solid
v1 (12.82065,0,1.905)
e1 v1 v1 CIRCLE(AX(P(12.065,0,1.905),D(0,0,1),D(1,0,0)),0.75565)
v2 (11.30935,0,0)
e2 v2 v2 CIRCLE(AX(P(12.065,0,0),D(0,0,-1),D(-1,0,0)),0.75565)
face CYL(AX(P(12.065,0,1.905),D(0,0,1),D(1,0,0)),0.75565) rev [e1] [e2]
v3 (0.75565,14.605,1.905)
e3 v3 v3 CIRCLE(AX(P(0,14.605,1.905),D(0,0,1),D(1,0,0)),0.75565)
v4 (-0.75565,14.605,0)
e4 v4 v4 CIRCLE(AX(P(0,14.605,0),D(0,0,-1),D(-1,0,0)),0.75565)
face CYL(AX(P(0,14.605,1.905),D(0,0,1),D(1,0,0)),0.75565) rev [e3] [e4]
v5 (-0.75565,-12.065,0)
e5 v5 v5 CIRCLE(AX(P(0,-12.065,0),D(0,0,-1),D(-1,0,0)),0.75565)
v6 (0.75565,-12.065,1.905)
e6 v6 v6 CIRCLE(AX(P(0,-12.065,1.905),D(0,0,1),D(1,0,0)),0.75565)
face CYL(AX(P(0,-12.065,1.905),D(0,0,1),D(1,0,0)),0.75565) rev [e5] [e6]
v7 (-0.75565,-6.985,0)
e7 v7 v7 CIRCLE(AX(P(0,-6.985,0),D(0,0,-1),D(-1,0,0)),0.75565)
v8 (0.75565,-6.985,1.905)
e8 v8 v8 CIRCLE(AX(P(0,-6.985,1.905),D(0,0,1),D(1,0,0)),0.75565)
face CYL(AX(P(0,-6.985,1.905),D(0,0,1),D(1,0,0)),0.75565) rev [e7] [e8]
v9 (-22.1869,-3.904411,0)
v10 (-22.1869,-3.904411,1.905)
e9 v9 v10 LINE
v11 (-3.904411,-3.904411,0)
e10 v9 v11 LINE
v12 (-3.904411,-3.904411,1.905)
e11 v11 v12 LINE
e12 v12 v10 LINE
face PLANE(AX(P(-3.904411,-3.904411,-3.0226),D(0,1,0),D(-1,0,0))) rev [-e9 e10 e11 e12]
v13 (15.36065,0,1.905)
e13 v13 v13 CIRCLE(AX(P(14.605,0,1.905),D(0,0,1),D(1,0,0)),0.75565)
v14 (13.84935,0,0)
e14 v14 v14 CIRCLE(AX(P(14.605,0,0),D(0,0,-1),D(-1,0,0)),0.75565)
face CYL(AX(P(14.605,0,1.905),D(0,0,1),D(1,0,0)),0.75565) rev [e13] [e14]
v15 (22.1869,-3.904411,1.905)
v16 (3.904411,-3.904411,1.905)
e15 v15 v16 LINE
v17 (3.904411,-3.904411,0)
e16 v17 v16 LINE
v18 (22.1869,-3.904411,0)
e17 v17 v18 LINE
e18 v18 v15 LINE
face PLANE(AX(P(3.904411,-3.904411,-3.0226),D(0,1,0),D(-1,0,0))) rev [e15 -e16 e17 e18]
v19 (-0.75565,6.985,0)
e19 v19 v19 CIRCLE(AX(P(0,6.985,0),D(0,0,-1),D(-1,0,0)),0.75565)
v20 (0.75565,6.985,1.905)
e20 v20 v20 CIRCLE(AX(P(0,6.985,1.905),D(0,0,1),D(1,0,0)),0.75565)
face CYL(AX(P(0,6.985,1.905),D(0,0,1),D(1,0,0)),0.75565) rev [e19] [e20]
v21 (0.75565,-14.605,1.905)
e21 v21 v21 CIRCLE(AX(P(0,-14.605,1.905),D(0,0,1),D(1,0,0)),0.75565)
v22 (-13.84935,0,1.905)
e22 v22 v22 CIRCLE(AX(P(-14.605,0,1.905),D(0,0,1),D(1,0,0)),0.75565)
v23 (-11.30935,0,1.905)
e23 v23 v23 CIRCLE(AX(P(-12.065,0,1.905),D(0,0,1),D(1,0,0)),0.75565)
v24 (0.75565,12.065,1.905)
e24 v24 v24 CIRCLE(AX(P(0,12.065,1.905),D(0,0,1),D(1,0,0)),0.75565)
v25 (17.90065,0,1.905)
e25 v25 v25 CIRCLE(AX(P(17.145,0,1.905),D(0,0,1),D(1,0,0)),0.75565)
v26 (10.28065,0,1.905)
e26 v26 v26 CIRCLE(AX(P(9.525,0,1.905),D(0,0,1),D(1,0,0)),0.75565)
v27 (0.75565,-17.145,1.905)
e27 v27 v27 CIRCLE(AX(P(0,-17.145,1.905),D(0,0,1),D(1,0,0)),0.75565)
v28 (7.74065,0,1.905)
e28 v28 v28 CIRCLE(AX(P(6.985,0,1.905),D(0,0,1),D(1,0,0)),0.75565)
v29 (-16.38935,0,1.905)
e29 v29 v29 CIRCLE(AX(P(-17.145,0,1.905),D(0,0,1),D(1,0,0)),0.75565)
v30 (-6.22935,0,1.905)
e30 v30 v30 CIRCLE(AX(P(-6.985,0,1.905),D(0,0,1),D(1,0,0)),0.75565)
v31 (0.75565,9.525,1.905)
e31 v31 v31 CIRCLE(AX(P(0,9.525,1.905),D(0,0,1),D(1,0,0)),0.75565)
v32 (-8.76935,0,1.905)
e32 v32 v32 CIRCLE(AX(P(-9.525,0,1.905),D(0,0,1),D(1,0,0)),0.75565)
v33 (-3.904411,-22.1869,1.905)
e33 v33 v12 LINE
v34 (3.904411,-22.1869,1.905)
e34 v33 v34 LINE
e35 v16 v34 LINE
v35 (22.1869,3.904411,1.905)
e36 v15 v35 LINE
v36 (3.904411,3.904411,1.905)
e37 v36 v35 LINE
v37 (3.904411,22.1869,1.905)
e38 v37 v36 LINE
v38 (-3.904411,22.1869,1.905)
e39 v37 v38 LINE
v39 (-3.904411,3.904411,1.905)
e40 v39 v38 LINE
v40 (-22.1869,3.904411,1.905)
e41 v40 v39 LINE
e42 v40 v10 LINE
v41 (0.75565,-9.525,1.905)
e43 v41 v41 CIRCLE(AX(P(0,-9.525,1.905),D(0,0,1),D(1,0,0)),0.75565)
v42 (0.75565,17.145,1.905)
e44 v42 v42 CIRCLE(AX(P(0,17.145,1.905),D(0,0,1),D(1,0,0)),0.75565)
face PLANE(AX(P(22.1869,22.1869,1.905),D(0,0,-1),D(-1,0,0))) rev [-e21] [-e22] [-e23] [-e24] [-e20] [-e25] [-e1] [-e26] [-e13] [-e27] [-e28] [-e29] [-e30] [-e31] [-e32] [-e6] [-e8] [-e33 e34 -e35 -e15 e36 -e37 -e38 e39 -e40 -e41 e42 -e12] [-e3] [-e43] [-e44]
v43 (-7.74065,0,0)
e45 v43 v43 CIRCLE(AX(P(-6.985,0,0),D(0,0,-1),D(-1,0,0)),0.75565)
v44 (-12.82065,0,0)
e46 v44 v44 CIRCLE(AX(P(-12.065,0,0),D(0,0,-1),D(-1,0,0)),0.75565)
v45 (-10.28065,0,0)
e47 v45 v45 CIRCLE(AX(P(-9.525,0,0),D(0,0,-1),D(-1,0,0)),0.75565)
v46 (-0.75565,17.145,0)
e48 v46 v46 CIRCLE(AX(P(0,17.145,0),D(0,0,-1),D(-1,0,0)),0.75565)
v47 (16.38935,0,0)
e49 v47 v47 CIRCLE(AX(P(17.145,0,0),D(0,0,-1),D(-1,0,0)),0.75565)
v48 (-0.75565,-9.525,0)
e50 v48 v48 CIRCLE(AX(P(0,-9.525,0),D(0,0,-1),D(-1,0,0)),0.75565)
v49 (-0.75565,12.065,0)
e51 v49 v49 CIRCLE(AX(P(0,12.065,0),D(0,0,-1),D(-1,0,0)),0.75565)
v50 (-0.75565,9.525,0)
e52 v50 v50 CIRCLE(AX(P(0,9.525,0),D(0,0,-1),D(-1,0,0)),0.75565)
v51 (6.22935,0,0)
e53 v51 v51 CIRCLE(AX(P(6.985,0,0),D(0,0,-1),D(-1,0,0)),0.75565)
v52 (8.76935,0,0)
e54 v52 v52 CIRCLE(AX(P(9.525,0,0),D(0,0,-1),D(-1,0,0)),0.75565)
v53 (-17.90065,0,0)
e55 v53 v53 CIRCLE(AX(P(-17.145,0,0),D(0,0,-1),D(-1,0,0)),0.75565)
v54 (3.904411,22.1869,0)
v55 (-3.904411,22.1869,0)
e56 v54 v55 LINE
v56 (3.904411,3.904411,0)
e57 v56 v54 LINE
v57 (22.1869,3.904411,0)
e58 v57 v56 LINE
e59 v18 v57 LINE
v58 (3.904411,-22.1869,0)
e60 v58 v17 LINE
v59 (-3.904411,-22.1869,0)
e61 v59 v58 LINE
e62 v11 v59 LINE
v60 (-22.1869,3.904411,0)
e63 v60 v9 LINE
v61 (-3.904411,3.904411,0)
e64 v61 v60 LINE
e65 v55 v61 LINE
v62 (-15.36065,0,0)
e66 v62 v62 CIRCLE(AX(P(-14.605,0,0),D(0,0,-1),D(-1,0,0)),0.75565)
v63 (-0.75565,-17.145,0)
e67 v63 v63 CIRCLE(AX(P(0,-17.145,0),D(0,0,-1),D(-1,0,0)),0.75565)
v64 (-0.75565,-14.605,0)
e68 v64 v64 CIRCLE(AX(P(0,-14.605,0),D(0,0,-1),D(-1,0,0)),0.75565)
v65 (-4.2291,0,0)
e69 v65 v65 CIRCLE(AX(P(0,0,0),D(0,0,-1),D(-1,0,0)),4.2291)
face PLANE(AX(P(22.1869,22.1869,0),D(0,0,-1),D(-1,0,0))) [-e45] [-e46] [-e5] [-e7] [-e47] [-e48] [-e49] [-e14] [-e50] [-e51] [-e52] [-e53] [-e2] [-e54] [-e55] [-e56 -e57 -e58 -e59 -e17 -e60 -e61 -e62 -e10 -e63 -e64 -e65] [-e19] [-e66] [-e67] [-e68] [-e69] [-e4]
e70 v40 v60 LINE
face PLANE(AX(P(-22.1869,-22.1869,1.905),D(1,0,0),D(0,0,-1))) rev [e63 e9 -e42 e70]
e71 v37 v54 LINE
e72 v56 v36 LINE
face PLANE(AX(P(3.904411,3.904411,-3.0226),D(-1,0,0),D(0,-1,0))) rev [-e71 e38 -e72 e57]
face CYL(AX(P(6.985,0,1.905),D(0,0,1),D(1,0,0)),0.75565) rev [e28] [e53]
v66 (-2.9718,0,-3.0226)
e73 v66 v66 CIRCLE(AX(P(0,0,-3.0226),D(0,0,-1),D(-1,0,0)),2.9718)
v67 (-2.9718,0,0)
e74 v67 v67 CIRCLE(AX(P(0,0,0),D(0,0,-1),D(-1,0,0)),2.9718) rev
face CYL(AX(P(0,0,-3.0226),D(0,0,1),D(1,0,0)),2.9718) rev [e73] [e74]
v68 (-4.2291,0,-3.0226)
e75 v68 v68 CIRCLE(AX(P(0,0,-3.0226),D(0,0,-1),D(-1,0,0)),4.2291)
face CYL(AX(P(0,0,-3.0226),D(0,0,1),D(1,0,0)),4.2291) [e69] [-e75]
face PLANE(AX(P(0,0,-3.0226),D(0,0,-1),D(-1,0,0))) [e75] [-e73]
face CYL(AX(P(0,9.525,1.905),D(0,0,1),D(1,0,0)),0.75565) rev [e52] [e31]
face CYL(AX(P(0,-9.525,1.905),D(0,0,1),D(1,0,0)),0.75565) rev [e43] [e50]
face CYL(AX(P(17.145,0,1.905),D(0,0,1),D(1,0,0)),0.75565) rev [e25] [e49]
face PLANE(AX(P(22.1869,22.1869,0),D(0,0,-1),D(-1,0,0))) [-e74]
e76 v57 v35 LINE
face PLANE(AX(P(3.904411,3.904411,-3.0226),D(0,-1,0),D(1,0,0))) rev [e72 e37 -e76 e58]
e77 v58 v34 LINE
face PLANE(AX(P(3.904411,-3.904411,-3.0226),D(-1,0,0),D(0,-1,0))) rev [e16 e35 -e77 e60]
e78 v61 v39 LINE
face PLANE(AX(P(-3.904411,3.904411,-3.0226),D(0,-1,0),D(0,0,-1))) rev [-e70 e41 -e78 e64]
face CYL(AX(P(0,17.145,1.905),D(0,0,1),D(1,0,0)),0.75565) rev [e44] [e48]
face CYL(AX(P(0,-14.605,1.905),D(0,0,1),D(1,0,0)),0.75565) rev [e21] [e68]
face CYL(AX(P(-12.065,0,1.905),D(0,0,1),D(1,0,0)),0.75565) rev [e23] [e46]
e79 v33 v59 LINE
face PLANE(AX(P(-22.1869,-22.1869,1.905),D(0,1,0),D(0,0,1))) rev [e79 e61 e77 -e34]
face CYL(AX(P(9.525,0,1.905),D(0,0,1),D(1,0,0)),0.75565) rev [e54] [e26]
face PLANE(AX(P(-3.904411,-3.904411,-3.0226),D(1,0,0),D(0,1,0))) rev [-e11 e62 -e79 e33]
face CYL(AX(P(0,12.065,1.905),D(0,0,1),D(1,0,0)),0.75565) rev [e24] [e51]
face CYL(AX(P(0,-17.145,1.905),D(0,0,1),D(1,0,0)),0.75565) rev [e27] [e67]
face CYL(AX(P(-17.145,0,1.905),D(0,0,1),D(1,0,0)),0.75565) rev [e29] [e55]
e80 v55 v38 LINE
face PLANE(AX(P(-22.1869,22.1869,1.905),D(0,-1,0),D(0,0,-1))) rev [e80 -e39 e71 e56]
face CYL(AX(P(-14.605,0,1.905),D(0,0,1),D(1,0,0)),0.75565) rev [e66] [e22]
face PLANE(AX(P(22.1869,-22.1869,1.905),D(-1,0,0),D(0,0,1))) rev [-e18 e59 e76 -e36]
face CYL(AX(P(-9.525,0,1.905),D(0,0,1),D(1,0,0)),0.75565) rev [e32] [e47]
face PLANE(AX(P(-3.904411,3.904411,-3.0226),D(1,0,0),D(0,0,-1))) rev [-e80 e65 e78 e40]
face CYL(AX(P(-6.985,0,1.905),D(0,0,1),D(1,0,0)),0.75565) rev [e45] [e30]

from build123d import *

# Parameters (mm, degrees)
SKETCH1_W         = 44.3738
SKETCH1_H         = 44.3738
EXTRUDE1_DEPTH    = 1.905
SKETCH2_R         = 4.2291
SKETCH2_R_2       = 2.9718
EXTRUDE2_DEPTH    = 3.0226
LPATTERN2_COUNT   = 5
LPATTERN2_PITCH   = 2.54
CIRPATTERN2_COUNT = 4
SKETCH6_W         = 18.282489336
SKETCH6_H         = 18.282489336
EXTRUDE3_DEPTH    = 5.9276
CIRPATTERN3_COUNT = 4


with BuildPart() as part:
    # Sketch1 → Extrude1 (new body)
    with BuildSketch(Plane.XY):
        Rectangle(SKETCH1_W, SKETCH1_H)
    extrude(amount=EXTRUDE1_DEPTH)

    # Sketch2 → Extrude2 (add)
    with BuildSketch(Plane(origin=(0, 0, 0), x_dir=(-1, 0, 0), z_dir=(0, 0, -1))):
        Circle(SKETCH2_R)
        Circle(SKETCH2_R_2, mode=Mode.SUBTRACT)
    extrude(amount=EXTRUDE2_DEPTH)

    # Sketch4 → #53 (0.0595) Diameter Hole1 (revolve, cut)
    with BuildSketch(Plane(origin=(6.985, 0, 1.905), x_dir=(0, -1, 0), z_dir=(1, 0, 0))):
        Polygon((0, 0), (0, 5.534040327), (0.75565, 5.08), (0.75565, 0), align=None)
    f_53_0_0595_diameter_hole1 = revolve(axis=Axis((6.985, 0, 8.255), (0, 0, -1)), mode=Mode.SUBTRACT)

    # LPattern2: #53 (0.0595) Diameter Hole1 ×5
    with Locations(*[(i * LPATTERN2_PITCH, 0, 0) for i in range(1, LPATTERN2_COUNT)]):
        add(f_53_0_0595_diameter_hole1, mode=Mode.SUBTRACT)

    # CirPattern2: #53 (0.0595) Diameter Hole1 ×4 about axis
    cirpattern2_axis = Axis((0, 0, 0), (0, 0, 1))
    for i in range(1, CIRPATTERN2_COUNT):
        add(f_53_0_0595_diameter_hole1.rotate(cirpattern2_axis, i * 360 / CIRPATTERN2_COUNT), mode=Mode.SUBTRACT)

    # CirPattern2 copy 1 sketch → CirPattern2 copy 1 (revolve, cut)
    with BuildSketch(Plane(origin=(0, 9.525, 1.905), x_dir=(1, 0, 0), z_dir=(0, 1, 0))):
        Polygon((0, 0), (0, 5.534040327), (0.75565, 5.08), (0.75565, 0), align=None)
    revolve(axis=Axis((0, 9.525, 8.255), (0, 0, -1)), mode=Mode.SUBTRACT)

    # CirPattern2 copy 2 sketch → CirPattern2 copy 2 (revolve, cut)
    with BuildSketch(Plane(origin=(-9.525, 0, 1.905), x_dir=(0, 1, 0), z_dir=(-1, 0, 0))):
        Polygon((0, 0), (0, 5.534040327), (0.75565, 5.08), (0.75565, 0), align=None)
    revolve(axis=Axis((-9.525, 0, 8.255), (0, 0, -1)), mode=Mode.SUBTRACT)

    # CirPattern2 copy 3 sketch → CirPattern2 copy 3 (revolve, cut)
    with BuildSketch(Plane(origin=(0, -9.525, 1.905), x_dir=(-1, 0, 0), z_dir=(0, -1, 0))):
        Polygon((0, 0), (0, 5.534040327), (0.75565, 5.08), (0.75565, 0), align=None)
    revolve(axis=Axis((0, -9.525, 8.255), (0, 0, -1)), mode=Mode.SUBTRACT)

    # CirPattern2 copy 4 sketch → CirPattern2 copy 4 (revolve, cut)
    with BuildSketch(Plane(origin=(0, 12.065, 1.905), x_dir=(1, 0, 0), z_dir=(0, 1, 0))):
        Polygon((0, 0), (0, 5.534040327), (0.75565, 5.08), (0.75565, 0), align=None)
    revolve(axis=Axis((0, 12.065, 8.255), (0, 0, -1)), mode=Mode.SUBTRACT)

    # CirPattern2 copy 5 sketch → CirPattern2 copy 5 (revolve, cut)
    with BuildSketch(Plane(origin=(-12.065, 0, 1.905), x_dir=(0, 1, 0), z_dir=(-1, 0, 0))):
        Polygon((0, 0), (0, 5.534040327), (0.75565, 5.08), (0.75565, 0), align=None)
    revolve(axis=Axis((-12.065, 0, 8.255), (0, 0, -1)), mode=Mode.SUBTRACT)

    # CirPattern2 copy 6 sketch → CirPattern2 copy 6 (revolve, cut)
    with BuildSketch(Plane(origin=(0, -12.065, 1.905), x_dir=(-1, 0, 0), z_dir=(0, -1, 0))):
        Polygon((0, 0), (0, 5.534040327), (0.75565, 5.08), (0.75565, 0), align=None)
    revolve(axis=Axis((0, -12.065, 8.255), (0, 0, -1)), mode=Mode.SUBTRACT)

    # CirPattern2 copy 7 sketch → CirPattern2 copy 7 (revolve, cut)
    with BuildSketch(Plane(origin=(0, 14.605, 1.905), x_dir=(1, 0, 0), z_dir=(0, 1, 0))):
        Polygon((0, 0), (0, 5.534040327), (0.75565, 5.08), (0.75565, 0), align=None)
    revolve(axis=Axis((0, 14.605, 8.255), (0, 0, -1)), mode=Mode.SUBTRACT)

    # CirPattern2 copy 8 sketch → CirPattern2 copy 8 (revolve, cut)
    with BuildSketch(Plane(origin=(-14.605, 0, 1.905), x_dir=(0, 1, 0), z_dir=(-1, 0, 0))):
        Polygon((0, 0), (0, 5.534040327), (0.75565, 5.08), (0.75565, 0), align=None)
    revolve(axis=Axis((-14.605, 0, 8.255), (0, 0, -1)), mode=Mode.SUBTRACT)

    # CirPattern2 copy 9 sketch → CirPattern2 copy 9 (revolve, cut)
    with BuildSketch(Plane(origin=(0, -14.605, 1.905), x_dir=(-1, 0, 0), z_dir=(0, -1, 0))):
        Polygon((0, 0), (0, 5.534040327), (0.75565, 5.08), (0.75565, 0), align=None)
    revolve(axis=Axis((0, -14.605, 8.255), (0, 0, -1)), mode=Mode.SUBTRACT)

    # CirPattern2 copy 10 sketch → CirPattern2 copy 10 (revolve, cut)
    with BuildSketch(Plane(origin=(0, 17.145, 1.905), x_dir=(1, 0, 0), z_dir=(0, 1, 0))):
        Polygon((0, 0), (0, 5.534040327), (0.75565, 5.08), (0.75565, 0), align=None)
    revolve(axis=Axis((0, 17.145, 8.255), (0, 0, -1)), mode=Mode.SUBTRACT)

    # CirPattern2 copy 11 sketch → CirPattern2 copy 11 (revolve, cut)
    with BuildSketch(Plane(origin=(-17.145, 0, 1.905), x_dir=(0, 1, 0), z_dir=(-1, 0, 0))):
        Polygon((0, 0), (0, 5.534040327), (0.75565, 5.08), (0.75565, 0), align=None)
    revolve(axis=Axis((-17.145, 0, 8.255), (0, 0, -1)), mode=Mode.SUBTRACT)

    # CirPattern2 copy 12 sketch → CirPattern2 copy 12 (revolve, cut)
    with BuildSketch(Plane(origin=(0, -17.145, 1.905), x_dir=(-1, 0, 0), z_dir=(0, -1, 0))):
        Polygon((0, 0), (0, 5.534040327), (0.75565, 5.08), (0.75565, 0), align=None)
    revolve(axis=Axis((0, -17.145, 8.255), (0, 0, -1)), mode=Mode.SUBTRACT)

    # Sketch6 → Extrude3 (cut, through all)
    with BuildSketch(Plane.XY.offset(1.905)):
        with Locations((-13.045655332, 13.045655332)):
            Rectangle(SKETCH6_W, SKETCH6_H)
    extrude3 = extrude(amount=-EXTRUDE3_DEPTH, mode=Mode.SUBTRACT)

    # CirPattern3: Extrude3 ×4 about axis
    cirpattern3_axis = Axis((0, 0, 0), (0, 0, 1))
    for i in range(1, CIRPATTERN3_COUNT):
        add(extrude3.rotate(cirpattern3_axis, i * 360 / CIRPATTERN3_COUNT), mode=Mode.SUBTRACT)


solid = part.part
